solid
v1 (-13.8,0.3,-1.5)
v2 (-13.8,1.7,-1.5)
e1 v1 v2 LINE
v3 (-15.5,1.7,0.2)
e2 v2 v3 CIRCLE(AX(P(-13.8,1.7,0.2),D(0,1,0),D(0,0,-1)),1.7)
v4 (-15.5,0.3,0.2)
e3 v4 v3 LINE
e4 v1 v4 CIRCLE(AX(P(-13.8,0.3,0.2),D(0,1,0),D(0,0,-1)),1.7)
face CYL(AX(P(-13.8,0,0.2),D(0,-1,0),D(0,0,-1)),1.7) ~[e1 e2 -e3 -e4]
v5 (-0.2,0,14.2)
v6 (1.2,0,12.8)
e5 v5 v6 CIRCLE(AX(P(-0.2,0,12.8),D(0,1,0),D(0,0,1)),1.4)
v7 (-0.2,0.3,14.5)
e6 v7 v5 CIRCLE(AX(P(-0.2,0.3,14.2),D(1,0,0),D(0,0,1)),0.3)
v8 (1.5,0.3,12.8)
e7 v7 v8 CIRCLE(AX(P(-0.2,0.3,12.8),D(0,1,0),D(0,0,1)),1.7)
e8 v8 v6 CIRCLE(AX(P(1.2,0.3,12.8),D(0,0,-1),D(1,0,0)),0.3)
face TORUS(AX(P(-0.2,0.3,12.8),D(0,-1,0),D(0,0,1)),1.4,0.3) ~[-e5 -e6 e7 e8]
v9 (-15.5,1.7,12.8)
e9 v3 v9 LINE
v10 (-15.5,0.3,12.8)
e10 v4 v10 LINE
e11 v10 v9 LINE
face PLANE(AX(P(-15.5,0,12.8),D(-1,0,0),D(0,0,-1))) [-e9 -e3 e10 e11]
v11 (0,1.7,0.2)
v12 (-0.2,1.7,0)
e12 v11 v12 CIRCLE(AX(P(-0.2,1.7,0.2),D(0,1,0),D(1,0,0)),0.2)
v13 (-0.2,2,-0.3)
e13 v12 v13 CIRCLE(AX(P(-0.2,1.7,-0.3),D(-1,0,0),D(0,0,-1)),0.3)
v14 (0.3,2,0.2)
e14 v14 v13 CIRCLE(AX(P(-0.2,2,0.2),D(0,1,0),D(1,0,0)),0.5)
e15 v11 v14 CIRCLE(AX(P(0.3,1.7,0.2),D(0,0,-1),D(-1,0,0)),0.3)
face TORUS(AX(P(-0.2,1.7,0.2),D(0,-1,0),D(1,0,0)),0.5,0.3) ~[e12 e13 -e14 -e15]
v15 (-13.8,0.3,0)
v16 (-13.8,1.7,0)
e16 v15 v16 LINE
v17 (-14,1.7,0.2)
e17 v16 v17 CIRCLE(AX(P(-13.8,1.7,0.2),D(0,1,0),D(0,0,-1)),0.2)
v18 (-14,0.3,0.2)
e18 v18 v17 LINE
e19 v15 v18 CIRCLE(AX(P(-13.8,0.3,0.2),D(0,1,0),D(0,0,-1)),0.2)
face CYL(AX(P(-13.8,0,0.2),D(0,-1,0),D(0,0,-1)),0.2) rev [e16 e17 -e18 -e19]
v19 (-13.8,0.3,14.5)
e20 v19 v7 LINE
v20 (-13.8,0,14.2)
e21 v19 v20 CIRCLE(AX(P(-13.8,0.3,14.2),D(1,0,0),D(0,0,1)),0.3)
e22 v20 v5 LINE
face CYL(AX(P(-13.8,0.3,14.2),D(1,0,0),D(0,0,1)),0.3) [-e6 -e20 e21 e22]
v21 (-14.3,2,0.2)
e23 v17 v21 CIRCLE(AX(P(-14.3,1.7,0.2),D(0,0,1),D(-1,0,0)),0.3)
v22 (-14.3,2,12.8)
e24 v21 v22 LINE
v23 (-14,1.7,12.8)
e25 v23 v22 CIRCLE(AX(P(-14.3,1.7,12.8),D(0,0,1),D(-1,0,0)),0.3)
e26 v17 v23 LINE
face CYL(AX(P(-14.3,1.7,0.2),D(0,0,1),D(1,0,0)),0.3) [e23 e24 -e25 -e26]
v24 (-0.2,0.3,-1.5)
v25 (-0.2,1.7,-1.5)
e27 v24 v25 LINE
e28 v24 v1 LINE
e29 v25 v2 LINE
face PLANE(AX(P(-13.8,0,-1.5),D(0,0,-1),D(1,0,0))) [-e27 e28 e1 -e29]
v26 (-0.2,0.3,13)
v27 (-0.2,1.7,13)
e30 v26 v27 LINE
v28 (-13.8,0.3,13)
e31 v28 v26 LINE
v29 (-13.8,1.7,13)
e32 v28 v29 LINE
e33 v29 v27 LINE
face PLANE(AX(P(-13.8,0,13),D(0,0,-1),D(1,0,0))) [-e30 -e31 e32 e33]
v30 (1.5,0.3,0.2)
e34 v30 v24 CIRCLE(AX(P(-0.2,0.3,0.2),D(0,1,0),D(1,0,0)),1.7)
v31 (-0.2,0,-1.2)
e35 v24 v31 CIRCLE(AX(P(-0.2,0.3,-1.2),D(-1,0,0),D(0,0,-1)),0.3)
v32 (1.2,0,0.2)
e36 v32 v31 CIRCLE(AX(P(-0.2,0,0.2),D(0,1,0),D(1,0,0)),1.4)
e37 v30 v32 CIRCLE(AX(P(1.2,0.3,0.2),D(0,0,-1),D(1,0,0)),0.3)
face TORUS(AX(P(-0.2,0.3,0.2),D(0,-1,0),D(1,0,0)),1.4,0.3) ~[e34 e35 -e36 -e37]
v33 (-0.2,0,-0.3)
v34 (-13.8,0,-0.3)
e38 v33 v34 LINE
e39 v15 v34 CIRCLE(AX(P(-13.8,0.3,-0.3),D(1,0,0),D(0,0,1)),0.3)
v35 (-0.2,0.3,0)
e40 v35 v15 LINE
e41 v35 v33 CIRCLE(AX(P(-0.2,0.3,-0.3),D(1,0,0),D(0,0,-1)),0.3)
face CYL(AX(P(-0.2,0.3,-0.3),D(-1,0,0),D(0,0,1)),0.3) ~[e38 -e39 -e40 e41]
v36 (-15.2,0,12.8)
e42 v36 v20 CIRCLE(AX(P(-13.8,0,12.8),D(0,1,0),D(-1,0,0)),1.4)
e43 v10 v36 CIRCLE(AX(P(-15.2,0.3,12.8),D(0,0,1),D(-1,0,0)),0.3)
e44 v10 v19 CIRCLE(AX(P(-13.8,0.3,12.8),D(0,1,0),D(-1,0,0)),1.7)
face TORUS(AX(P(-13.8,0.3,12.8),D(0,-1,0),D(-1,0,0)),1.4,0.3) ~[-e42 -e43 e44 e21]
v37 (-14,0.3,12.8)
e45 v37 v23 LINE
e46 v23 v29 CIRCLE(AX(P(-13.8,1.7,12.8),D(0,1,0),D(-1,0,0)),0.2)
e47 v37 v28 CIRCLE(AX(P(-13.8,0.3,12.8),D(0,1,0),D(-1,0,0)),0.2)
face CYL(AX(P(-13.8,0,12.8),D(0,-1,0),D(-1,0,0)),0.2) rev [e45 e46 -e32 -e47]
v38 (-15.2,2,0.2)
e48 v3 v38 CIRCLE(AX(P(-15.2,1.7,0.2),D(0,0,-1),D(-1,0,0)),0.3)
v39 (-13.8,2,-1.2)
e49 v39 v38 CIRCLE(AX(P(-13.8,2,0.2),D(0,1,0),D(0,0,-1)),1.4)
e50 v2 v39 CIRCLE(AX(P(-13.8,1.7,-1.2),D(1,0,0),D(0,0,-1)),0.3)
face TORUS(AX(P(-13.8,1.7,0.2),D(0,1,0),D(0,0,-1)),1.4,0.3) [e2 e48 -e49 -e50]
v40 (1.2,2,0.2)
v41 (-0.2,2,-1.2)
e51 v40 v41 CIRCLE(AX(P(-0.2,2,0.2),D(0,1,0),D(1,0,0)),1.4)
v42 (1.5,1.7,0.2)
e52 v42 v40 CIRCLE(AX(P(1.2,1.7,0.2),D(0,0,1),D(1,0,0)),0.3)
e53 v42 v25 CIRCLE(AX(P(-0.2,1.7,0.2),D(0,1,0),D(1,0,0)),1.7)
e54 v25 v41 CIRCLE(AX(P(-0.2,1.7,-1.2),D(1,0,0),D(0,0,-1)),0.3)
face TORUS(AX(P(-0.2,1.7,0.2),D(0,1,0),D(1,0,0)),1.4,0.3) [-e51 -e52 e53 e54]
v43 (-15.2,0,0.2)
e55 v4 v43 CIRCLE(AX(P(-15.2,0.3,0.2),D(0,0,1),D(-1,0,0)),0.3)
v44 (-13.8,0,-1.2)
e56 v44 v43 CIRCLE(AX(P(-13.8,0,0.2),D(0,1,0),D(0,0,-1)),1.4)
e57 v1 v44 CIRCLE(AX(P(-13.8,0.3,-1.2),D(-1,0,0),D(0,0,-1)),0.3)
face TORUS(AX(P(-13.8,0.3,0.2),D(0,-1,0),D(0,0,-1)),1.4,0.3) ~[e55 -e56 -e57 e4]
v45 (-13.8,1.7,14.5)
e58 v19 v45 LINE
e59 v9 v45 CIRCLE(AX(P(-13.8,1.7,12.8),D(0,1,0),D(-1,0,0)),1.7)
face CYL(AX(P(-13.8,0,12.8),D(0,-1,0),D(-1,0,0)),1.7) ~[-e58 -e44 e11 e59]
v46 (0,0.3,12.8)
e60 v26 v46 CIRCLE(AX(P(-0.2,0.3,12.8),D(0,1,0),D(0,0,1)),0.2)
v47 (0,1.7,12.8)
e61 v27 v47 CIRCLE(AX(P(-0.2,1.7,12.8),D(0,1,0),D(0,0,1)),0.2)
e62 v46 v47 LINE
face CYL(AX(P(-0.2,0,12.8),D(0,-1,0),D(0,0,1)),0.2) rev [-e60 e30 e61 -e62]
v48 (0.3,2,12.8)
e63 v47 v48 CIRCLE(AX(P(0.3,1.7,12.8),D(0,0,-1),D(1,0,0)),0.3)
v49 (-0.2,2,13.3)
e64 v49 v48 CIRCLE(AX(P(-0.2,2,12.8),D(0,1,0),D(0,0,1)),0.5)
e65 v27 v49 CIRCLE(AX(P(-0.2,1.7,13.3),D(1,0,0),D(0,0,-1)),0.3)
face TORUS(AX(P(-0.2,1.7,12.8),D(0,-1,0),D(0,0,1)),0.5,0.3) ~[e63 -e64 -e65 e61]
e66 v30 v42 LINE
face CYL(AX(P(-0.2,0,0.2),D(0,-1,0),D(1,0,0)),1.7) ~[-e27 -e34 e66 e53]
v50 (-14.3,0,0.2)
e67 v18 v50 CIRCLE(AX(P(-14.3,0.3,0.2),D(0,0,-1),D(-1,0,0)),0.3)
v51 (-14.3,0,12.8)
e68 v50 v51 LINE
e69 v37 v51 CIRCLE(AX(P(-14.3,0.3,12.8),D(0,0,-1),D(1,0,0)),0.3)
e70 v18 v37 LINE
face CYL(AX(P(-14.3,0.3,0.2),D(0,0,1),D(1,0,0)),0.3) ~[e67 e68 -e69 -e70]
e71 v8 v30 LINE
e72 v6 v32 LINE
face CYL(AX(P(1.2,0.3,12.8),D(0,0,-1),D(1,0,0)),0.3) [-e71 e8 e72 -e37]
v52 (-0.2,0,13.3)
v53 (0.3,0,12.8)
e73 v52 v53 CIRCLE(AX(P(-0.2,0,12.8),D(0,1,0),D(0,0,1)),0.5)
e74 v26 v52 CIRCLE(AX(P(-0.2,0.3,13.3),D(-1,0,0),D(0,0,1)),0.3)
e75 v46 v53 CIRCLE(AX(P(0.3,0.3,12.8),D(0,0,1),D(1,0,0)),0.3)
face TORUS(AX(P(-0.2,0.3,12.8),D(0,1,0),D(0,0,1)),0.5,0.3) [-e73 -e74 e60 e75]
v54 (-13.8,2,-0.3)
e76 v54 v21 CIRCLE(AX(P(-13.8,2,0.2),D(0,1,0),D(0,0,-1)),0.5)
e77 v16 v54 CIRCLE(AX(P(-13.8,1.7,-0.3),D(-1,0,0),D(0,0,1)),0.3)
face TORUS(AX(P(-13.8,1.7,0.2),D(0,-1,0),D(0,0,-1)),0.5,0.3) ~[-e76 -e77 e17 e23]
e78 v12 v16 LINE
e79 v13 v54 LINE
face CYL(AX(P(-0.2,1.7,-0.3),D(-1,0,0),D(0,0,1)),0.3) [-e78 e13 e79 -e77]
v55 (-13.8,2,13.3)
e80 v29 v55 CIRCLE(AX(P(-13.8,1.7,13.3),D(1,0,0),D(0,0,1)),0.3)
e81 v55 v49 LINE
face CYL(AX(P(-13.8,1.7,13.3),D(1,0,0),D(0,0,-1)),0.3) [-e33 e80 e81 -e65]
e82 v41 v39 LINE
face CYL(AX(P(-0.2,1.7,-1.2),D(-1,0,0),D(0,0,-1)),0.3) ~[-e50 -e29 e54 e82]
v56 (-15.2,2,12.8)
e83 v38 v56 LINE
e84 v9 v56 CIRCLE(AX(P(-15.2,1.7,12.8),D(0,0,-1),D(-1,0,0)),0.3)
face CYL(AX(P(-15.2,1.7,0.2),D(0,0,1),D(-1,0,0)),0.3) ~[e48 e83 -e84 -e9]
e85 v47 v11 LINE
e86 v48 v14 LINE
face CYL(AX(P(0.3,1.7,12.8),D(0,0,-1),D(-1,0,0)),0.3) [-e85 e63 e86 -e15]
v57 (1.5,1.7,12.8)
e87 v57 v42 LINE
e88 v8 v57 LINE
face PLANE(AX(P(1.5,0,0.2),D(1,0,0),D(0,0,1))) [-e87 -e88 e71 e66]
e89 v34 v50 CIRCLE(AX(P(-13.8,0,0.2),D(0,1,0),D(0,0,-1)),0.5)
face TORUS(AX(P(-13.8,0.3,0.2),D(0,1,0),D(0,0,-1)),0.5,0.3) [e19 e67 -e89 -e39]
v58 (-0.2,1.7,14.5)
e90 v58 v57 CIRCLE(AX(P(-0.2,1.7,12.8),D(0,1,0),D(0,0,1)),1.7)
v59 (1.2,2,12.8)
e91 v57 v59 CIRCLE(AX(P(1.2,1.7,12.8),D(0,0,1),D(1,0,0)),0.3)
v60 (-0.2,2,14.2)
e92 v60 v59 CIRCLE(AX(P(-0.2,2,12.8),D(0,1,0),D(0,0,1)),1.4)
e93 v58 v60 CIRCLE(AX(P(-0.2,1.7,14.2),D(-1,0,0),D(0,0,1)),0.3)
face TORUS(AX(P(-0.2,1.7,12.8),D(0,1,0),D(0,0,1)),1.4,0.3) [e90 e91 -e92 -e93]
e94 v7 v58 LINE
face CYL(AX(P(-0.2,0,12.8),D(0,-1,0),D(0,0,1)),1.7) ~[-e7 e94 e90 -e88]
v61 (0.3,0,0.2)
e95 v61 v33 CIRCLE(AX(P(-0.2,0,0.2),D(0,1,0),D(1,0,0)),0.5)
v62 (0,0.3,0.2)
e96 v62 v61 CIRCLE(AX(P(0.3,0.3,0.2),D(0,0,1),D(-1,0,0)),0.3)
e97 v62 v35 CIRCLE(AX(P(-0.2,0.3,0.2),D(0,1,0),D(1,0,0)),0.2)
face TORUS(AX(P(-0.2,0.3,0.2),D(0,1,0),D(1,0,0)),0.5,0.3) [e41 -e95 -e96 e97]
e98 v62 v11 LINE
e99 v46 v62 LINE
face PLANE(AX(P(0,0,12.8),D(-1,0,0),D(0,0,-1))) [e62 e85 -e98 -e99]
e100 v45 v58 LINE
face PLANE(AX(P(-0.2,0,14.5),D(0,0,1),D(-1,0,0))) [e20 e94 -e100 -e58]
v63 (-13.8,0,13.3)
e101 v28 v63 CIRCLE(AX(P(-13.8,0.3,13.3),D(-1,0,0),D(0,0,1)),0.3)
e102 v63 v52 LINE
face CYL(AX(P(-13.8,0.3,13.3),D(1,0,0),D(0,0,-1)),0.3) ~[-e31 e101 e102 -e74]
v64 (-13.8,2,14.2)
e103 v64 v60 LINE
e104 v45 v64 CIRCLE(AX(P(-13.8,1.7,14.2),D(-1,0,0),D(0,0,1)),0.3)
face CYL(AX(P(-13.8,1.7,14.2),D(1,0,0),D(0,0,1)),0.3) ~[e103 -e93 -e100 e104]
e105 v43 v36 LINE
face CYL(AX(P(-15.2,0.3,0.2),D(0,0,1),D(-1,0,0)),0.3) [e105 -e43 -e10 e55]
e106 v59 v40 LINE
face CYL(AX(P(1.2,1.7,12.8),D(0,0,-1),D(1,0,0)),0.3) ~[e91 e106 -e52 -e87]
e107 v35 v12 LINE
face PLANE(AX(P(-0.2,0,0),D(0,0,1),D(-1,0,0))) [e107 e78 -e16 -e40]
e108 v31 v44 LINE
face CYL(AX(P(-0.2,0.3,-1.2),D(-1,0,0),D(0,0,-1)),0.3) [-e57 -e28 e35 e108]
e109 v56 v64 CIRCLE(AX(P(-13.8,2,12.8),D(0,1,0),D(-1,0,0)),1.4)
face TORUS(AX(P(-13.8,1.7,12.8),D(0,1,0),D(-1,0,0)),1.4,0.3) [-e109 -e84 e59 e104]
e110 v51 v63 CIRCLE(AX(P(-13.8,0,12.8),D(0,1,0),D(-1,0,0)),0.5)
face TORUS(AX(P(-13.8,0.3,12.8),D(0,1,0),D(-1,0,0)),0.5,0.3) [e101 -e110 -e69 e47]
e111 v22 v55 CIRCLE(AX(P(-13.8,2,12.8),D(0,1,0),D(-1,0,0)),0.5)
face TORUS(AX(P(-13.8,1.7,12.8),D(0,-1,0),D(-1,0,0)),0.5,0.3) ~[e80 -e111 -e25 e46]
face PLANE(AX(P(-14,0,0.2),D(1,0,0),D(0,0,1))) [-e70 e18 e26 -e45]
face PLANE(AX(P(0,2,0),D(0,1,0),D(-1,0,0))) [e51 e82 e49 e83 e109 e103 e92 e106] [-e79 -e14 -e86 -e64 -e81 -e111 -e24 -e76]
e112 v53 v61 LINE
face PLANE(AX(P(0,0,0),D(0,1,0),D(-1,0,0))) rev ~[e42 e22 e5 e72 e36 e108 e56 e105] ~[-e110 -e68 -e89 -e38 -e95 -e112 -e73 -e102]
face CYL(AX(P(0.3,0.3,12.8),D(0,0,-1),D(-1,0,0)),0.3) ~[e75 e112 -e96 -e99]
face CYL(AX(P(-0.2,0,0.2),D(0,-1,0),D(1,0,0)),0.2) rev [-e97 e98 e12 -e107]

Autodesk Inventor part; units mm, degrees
ref_plane "YZ Plane" through (0, 0, 0) normal (1, 0, 0) x (0, 1, 0)
ref_plane "XZ Plane" through (0, 0, 0) normal (0, 1, 0) x (-1, 0, 0)
ref_plane "XY Plane" through (0, 0, 0) normal (0, 0, 1) x (1, 0, 0)
sketch "Sketch1" plane through (0, 0, 0) normal (0, 1, 0) x (-1, 0, 0)
  line L0 (0.2, 0) -> (13.8, 0)
  line L1 (14, 0.2) -> (14, 12.8)
  line L2 (13.8, 13) -> (0.2, 13)
  line L3 (0, 12.8) -> (0, 0.2)
  arc A0 (0.2, 13) -> (0, 12.8) centre (0.2, 12.8) ccw
  arc A1 (14, 12.8) -> (13.8, 13) centre (13.8, 12.8) ccw
  arc A2 (13.8, 0) -> (14, 0.2) centre (13.8, 0.2) ccw
  arc A3 (0, 0.2) -> (0.2, 0) centre (0.2, 0.2) ccw
  line L4 (-1.5, 0.2) -> (-1.5, 12.8)
  arc A4 (0.2, 14.5) -> (-1.5, 12.8) centre (0.2, 12.8) ccw
  line L5 (0.2, 14.5) -> (13.8, 14.5)
  arc A5 (15.5, 12.8) -> (13.8, 14.5) centre (13.8, 12.8) ccw
  line L6 (15.5, 12.8) -> (15.5, 0.2)
  arc A6 (13.8, -1.5) -> (15.5, 0.2) centre (13.8, 0.2) ccw
  line L7 (13.8, -1.5) -> (0.2, -1.5)
  arc A7 (-1.5, 0.2) -> (0.2, -1.5) centre (0.2, 0.2) ccw
  point P0 (0, 0)
  dimension "d7" = 0.2
  dimension "d8" = 14
  dimension "d9" = 13
  dimension "d10" = 1.5
extrude "Extrusion1" add sketch "Sketch1" along normal blind 2
fillet "Fillet1" radius 0.3 32 edges at (1.0021, 2, 14.0021) (1.5, 2, 6.5) (1.0021, 2, -1.0021) (-7, 2, -1.5) (-15.0021, 2, -1.0021) (-15.5, 2, 6.5) (-15.0021, 2, 14.0021) (-7, 2, 14.5) (-13.9414, 2, 12.9414) (-14, 2, 6.5) (-13.9414, 2, 0.0586) (-7, 2, 0) (-0.0586, 2, 0.0586) (0, 2, 6.5) (-0.0586, 2, 12.9414) (-7, 2, 13) (-15.0021, 0, 14.0021) (-15.5, 0, 6.5) (-15.0021, 0, -1.0021) (-7, 0, -1.5) (1.0021, 0, -1.0021) (1.5, 0, 6.5) (1.0021, 0, 14.0021) (-7, 0, 14.5) (-0.0586, 0, 12.9414) (0, 0, 6.5) (-0.0586, 0, 0.0586) (-7, 0, 0) (-13.9414, 0, 0.0586) (-14, 0, 6.5) (-13.9414, 0, 12.9414) (-7, 0, 13)
properties part number "y_carryage_nut_holder_b_zip_tie" material "ABS Plastic"
